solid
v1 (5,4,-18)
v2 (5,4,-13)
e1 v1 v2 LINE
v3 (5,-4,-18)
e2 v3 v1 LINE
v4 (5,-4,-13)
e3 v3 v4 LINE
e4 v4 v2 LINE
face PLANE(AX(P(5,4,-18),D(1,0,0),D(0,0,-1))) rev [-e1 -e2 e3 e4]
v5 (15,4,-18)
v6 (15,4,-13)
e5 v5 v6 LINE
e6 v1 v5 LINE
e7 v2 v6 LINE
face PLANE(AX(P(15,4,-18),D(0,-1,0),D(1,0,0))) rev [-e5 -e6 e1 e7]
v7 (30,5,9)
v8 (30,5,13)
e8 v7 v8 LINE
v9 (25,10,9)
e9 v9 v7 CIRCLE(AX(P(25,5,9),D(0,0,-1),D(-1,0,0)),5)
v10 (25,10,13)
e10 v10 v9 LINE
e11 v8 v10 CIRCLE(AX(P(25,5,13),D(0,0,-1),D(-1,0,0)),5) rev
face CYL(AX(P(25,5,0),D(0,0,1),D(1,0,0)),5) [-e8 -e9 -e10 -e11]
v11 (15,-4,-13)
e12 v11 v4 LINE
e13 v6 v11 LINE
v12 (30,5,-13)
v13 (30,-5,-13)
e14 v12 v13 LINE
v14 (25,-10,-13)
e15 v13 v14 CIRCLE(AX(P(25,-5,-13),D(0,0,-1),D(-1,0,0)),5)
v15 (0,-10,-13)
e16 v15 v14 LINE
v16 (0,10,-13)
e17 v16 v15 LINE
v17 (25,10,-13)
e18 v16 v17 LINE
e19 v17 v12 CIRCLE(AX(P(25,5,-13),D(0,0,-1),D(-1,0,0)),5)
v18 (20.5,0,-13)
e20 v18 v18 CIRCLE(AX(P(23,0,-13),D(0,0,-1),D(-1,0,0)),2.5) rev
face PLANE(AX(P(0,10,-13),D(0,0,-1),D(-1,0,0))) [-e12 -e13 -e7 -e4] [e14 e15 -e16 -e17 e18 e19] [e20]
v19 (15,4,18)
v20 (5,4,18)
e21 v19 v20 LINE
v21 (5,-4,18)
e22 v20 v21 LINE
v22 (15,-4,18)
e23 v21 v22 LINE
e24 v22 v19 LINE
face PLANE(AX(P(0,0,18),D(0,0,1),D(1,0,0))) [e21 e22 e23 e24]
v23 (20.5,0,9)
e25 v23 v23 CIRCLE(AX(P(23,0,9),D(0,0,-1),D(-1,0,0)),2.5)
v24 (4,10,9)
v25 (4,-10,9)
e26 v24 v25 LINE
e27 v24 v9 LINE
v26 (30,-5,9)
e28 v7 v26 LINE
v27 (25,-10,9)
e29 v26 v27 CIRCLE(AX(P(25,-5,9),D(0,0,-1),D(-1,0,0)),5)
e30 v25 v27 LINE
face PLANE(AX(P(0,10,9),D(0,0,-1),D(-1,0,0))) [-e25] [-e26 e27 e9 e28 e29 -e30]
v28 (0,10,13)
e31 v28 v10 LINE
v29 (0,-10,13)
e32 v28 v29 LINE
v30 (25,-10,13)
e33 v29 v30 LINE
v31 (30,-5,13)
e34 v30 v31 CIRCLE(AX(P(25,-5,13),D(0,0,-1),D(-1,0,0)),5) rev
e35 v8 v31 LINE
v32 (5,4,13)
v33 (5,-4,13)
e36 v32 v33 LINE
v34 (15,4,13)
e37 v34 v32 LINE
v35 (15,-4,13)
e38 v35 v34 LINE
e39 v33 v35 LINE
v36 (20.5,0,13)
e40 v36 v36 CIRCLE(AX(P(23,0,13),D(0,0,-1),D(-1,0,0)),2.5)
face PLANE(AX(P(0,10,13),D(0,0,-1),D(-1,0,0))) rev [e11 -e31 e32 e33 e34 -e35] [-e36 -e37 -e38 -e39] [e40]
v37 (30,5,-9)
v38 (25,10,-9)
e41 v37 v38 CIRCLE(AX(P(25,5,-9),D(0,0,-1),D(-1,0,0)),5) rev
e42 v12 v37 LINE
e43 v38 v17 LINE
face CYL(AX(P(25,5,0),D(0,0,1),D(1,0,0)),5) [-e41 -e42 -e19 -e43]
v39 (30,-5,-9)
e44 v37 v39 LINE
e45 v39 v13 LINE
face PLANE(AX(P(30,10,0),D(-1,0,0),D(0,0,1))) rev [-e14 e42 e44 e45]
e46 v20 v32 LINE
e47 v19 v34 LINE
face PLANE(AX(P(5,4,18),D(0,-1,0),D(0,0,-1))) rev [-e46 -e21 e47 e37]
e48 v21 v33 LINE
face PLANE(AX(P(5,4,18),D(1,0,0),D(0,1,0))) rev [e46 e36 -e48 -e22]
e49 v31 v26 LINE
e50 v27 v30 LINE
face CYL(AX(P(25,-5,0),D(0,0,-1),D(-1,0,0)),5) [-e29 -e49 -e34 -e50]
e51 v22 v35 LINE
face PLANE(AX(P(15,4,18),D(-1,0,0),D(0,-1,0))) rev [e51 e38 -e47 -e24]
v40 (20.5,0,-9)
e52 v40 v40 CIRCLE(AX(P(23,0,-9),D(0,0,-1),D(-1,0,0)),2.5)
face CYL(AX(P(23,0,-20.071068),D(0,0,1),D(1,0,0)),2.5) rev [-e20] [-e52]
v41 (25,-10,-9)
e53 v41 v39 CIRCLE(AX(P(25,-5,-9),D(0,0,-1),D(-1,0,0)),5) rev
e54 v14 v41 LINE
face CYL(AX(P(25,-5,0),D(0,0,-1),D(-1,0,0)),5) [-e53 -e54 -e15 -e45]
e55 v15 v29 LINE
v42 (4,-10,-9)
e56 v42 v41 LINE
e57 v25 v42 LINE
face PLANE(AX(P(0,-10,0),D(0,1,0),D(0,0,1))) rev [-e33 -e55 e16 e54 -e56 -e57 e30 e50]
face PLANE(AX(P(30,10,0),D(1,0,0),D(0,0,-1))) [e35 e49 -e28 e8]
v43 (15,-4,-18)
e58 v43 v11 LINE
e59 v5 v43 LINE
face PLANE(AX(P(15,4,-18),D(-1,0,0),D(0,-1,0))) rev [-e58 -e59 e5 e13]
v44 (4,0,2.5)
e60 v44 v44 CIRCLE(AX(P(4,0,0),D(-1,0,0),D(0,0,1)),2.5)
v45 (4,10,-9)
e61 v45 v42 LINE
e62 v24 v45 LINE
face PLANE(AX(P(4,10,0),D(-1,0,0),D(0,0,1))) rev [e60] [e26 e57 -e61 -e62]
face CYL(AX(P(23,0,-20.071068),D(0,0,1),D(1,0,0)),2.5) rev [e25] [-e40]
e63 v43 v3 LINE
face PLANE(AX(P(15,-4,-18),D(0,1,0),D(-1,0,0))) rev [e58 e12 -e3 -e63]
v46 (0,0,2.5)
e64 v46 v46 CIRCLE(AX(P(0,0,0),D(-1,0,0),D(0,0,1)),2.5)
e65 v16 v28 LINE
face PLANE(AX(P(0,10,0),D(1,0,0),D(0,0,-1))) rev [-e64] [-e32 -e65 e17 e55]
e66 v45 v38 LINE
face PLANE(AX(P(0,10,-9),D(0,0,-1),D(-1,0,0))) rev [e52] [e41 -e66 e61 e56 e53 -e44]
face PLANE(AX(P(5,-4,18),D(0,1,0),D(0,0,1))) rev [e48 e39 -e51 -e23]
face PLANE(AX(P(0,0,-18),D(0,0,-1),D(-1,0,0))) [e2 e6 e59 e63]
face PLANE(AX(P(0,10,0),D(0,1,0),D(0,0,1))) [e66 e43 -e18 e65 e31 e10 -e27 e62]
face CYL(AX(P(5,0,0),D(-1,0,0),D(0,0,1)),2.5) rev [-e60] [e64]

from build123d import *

# Parameters (mm, degrees)
BOSS_EXTRUDE1_DEPTH            = 10
FILLET1_R                      = 5
SKETCH4_W                      = 10
SKETCH4_H                      = 8
BOSS_EXTRUDE2_DEPTH            = 5
CUT_EXTRUDE1_REACH             = 42.939
SKETCH5_R                      = 2.5
CUT_EXTRUDE1_DIRECTION_2_DEPTH = 41.938978981
SKETCH6_W                      = 10
SKETCH6_H                      = 8
BOSS_EXTRUDE3_DEPTH            = 5
SKETCH7_R                      = 2.5
CUT_EXTRUDE2_DEPTH             = 5


with BuildPart() as part:
    # Sketch1 → Boss-Extrude1 (new, symmetric)
    with BuildSketch(Plane(origin=(0, 0, 0), x_dir=(1, 0, 0), z_dir=(0, 1, 0))):
        Polygon((30, -9), (30, -13), (0, -13), (0, 0), (0, 13), (30, 13), (30, 9), (29.572320394, 9), (4, 9), (4, 0), (4, -9), (29.572320394, -9), align=None)
    extrude(amount=BOSS_EXTRUDE1_DEPTH, both=True)

    # Fillet1
    fillet1_edges = [part.edges().sort_by_distance(p)[0] for p in [
        (30, -10, -11),
        (30, -10, 11),
        (30, 10, -11),
        (30, 10, 11),
    ]]
    fillet(fillet1_edges, radius=FILLET1_R)

    # Sketch4 → Boss-Extrude2 (add)
    with BuildSketch(Plane.XY.offset(13)):
        with Locations((10, 0)):
            Rectangle(SKETCH4_W, SKETCH4_H)
    extrude(amount=BOSS_EXTRUDE2_DEPTH)

    # Cut-Extrude1: up to this face of the body (flat: up to its plane)
    cut_extrude1_end = Plane(part.part.faces().sort_by_distance((14.747199742, 0, -13))[0])
    # Sketch5 → Cut-Extrude1 (cut, up to the picked face)
    with BuildSketch(Plane.XY.offset(13), mode=Mode.PRIVATE) as cut_extrude1_sk1:
        with Locations(Location((23, 0, 0), (0, 0, 180))):
            Circle(SKETCH5_R)
    cut_extrude1_tool1 = split(extrude(cut_extrude1_sk1.sketch, amount=-CUT_EXTRUDE1_REACH, mode=Mode.PRIVATE), bisect_by=cut_extrude1_end, keep=Keep.BOTH, mode=Mode.PRIVATE)
    add(cut_extrude1_tool1.solids().sort_by(Axis((23, 0, 13), (0, 0, -1)))[0], mode=Mode.SUBTRACT)

    # Sketch5 → Cut-Extrude1 direction 2 (cut)
    with BuildSketch(Plane.XY.offset(13)):
        with Locations(Location((23, 0, 0), (0, 0, 180))):
            Circle(SKETCH5_R)
    extrude(amount=CUT_EXTRUDE1_DIRECTION_2_DEPTH, mode=Mode.SUBTRACT)

    # Sketch6 → Boss-Extrude3 (add)
    with BuildSketch(Plane(origin=(0, 0, -13), x_dir=(-1, 0, 0), z_dir=(0, 0, -1))):
        with Locations((-10, 0)):
            Rectangle(SKETCH6_W, SKETCH6_H)
    extrude(amount=BOSS_EXTRUDE3_DEPTH)

    # Sketch7 → Cut-Extrude2 (cut)
    with BuildSketch(Plane.ZY):
        Circle(SKETCH7_R)
    extrude(amount=-CUT_EXTRUDE2_DEPTH, mode=Mode.SUBTRACT)


solid = part.part
